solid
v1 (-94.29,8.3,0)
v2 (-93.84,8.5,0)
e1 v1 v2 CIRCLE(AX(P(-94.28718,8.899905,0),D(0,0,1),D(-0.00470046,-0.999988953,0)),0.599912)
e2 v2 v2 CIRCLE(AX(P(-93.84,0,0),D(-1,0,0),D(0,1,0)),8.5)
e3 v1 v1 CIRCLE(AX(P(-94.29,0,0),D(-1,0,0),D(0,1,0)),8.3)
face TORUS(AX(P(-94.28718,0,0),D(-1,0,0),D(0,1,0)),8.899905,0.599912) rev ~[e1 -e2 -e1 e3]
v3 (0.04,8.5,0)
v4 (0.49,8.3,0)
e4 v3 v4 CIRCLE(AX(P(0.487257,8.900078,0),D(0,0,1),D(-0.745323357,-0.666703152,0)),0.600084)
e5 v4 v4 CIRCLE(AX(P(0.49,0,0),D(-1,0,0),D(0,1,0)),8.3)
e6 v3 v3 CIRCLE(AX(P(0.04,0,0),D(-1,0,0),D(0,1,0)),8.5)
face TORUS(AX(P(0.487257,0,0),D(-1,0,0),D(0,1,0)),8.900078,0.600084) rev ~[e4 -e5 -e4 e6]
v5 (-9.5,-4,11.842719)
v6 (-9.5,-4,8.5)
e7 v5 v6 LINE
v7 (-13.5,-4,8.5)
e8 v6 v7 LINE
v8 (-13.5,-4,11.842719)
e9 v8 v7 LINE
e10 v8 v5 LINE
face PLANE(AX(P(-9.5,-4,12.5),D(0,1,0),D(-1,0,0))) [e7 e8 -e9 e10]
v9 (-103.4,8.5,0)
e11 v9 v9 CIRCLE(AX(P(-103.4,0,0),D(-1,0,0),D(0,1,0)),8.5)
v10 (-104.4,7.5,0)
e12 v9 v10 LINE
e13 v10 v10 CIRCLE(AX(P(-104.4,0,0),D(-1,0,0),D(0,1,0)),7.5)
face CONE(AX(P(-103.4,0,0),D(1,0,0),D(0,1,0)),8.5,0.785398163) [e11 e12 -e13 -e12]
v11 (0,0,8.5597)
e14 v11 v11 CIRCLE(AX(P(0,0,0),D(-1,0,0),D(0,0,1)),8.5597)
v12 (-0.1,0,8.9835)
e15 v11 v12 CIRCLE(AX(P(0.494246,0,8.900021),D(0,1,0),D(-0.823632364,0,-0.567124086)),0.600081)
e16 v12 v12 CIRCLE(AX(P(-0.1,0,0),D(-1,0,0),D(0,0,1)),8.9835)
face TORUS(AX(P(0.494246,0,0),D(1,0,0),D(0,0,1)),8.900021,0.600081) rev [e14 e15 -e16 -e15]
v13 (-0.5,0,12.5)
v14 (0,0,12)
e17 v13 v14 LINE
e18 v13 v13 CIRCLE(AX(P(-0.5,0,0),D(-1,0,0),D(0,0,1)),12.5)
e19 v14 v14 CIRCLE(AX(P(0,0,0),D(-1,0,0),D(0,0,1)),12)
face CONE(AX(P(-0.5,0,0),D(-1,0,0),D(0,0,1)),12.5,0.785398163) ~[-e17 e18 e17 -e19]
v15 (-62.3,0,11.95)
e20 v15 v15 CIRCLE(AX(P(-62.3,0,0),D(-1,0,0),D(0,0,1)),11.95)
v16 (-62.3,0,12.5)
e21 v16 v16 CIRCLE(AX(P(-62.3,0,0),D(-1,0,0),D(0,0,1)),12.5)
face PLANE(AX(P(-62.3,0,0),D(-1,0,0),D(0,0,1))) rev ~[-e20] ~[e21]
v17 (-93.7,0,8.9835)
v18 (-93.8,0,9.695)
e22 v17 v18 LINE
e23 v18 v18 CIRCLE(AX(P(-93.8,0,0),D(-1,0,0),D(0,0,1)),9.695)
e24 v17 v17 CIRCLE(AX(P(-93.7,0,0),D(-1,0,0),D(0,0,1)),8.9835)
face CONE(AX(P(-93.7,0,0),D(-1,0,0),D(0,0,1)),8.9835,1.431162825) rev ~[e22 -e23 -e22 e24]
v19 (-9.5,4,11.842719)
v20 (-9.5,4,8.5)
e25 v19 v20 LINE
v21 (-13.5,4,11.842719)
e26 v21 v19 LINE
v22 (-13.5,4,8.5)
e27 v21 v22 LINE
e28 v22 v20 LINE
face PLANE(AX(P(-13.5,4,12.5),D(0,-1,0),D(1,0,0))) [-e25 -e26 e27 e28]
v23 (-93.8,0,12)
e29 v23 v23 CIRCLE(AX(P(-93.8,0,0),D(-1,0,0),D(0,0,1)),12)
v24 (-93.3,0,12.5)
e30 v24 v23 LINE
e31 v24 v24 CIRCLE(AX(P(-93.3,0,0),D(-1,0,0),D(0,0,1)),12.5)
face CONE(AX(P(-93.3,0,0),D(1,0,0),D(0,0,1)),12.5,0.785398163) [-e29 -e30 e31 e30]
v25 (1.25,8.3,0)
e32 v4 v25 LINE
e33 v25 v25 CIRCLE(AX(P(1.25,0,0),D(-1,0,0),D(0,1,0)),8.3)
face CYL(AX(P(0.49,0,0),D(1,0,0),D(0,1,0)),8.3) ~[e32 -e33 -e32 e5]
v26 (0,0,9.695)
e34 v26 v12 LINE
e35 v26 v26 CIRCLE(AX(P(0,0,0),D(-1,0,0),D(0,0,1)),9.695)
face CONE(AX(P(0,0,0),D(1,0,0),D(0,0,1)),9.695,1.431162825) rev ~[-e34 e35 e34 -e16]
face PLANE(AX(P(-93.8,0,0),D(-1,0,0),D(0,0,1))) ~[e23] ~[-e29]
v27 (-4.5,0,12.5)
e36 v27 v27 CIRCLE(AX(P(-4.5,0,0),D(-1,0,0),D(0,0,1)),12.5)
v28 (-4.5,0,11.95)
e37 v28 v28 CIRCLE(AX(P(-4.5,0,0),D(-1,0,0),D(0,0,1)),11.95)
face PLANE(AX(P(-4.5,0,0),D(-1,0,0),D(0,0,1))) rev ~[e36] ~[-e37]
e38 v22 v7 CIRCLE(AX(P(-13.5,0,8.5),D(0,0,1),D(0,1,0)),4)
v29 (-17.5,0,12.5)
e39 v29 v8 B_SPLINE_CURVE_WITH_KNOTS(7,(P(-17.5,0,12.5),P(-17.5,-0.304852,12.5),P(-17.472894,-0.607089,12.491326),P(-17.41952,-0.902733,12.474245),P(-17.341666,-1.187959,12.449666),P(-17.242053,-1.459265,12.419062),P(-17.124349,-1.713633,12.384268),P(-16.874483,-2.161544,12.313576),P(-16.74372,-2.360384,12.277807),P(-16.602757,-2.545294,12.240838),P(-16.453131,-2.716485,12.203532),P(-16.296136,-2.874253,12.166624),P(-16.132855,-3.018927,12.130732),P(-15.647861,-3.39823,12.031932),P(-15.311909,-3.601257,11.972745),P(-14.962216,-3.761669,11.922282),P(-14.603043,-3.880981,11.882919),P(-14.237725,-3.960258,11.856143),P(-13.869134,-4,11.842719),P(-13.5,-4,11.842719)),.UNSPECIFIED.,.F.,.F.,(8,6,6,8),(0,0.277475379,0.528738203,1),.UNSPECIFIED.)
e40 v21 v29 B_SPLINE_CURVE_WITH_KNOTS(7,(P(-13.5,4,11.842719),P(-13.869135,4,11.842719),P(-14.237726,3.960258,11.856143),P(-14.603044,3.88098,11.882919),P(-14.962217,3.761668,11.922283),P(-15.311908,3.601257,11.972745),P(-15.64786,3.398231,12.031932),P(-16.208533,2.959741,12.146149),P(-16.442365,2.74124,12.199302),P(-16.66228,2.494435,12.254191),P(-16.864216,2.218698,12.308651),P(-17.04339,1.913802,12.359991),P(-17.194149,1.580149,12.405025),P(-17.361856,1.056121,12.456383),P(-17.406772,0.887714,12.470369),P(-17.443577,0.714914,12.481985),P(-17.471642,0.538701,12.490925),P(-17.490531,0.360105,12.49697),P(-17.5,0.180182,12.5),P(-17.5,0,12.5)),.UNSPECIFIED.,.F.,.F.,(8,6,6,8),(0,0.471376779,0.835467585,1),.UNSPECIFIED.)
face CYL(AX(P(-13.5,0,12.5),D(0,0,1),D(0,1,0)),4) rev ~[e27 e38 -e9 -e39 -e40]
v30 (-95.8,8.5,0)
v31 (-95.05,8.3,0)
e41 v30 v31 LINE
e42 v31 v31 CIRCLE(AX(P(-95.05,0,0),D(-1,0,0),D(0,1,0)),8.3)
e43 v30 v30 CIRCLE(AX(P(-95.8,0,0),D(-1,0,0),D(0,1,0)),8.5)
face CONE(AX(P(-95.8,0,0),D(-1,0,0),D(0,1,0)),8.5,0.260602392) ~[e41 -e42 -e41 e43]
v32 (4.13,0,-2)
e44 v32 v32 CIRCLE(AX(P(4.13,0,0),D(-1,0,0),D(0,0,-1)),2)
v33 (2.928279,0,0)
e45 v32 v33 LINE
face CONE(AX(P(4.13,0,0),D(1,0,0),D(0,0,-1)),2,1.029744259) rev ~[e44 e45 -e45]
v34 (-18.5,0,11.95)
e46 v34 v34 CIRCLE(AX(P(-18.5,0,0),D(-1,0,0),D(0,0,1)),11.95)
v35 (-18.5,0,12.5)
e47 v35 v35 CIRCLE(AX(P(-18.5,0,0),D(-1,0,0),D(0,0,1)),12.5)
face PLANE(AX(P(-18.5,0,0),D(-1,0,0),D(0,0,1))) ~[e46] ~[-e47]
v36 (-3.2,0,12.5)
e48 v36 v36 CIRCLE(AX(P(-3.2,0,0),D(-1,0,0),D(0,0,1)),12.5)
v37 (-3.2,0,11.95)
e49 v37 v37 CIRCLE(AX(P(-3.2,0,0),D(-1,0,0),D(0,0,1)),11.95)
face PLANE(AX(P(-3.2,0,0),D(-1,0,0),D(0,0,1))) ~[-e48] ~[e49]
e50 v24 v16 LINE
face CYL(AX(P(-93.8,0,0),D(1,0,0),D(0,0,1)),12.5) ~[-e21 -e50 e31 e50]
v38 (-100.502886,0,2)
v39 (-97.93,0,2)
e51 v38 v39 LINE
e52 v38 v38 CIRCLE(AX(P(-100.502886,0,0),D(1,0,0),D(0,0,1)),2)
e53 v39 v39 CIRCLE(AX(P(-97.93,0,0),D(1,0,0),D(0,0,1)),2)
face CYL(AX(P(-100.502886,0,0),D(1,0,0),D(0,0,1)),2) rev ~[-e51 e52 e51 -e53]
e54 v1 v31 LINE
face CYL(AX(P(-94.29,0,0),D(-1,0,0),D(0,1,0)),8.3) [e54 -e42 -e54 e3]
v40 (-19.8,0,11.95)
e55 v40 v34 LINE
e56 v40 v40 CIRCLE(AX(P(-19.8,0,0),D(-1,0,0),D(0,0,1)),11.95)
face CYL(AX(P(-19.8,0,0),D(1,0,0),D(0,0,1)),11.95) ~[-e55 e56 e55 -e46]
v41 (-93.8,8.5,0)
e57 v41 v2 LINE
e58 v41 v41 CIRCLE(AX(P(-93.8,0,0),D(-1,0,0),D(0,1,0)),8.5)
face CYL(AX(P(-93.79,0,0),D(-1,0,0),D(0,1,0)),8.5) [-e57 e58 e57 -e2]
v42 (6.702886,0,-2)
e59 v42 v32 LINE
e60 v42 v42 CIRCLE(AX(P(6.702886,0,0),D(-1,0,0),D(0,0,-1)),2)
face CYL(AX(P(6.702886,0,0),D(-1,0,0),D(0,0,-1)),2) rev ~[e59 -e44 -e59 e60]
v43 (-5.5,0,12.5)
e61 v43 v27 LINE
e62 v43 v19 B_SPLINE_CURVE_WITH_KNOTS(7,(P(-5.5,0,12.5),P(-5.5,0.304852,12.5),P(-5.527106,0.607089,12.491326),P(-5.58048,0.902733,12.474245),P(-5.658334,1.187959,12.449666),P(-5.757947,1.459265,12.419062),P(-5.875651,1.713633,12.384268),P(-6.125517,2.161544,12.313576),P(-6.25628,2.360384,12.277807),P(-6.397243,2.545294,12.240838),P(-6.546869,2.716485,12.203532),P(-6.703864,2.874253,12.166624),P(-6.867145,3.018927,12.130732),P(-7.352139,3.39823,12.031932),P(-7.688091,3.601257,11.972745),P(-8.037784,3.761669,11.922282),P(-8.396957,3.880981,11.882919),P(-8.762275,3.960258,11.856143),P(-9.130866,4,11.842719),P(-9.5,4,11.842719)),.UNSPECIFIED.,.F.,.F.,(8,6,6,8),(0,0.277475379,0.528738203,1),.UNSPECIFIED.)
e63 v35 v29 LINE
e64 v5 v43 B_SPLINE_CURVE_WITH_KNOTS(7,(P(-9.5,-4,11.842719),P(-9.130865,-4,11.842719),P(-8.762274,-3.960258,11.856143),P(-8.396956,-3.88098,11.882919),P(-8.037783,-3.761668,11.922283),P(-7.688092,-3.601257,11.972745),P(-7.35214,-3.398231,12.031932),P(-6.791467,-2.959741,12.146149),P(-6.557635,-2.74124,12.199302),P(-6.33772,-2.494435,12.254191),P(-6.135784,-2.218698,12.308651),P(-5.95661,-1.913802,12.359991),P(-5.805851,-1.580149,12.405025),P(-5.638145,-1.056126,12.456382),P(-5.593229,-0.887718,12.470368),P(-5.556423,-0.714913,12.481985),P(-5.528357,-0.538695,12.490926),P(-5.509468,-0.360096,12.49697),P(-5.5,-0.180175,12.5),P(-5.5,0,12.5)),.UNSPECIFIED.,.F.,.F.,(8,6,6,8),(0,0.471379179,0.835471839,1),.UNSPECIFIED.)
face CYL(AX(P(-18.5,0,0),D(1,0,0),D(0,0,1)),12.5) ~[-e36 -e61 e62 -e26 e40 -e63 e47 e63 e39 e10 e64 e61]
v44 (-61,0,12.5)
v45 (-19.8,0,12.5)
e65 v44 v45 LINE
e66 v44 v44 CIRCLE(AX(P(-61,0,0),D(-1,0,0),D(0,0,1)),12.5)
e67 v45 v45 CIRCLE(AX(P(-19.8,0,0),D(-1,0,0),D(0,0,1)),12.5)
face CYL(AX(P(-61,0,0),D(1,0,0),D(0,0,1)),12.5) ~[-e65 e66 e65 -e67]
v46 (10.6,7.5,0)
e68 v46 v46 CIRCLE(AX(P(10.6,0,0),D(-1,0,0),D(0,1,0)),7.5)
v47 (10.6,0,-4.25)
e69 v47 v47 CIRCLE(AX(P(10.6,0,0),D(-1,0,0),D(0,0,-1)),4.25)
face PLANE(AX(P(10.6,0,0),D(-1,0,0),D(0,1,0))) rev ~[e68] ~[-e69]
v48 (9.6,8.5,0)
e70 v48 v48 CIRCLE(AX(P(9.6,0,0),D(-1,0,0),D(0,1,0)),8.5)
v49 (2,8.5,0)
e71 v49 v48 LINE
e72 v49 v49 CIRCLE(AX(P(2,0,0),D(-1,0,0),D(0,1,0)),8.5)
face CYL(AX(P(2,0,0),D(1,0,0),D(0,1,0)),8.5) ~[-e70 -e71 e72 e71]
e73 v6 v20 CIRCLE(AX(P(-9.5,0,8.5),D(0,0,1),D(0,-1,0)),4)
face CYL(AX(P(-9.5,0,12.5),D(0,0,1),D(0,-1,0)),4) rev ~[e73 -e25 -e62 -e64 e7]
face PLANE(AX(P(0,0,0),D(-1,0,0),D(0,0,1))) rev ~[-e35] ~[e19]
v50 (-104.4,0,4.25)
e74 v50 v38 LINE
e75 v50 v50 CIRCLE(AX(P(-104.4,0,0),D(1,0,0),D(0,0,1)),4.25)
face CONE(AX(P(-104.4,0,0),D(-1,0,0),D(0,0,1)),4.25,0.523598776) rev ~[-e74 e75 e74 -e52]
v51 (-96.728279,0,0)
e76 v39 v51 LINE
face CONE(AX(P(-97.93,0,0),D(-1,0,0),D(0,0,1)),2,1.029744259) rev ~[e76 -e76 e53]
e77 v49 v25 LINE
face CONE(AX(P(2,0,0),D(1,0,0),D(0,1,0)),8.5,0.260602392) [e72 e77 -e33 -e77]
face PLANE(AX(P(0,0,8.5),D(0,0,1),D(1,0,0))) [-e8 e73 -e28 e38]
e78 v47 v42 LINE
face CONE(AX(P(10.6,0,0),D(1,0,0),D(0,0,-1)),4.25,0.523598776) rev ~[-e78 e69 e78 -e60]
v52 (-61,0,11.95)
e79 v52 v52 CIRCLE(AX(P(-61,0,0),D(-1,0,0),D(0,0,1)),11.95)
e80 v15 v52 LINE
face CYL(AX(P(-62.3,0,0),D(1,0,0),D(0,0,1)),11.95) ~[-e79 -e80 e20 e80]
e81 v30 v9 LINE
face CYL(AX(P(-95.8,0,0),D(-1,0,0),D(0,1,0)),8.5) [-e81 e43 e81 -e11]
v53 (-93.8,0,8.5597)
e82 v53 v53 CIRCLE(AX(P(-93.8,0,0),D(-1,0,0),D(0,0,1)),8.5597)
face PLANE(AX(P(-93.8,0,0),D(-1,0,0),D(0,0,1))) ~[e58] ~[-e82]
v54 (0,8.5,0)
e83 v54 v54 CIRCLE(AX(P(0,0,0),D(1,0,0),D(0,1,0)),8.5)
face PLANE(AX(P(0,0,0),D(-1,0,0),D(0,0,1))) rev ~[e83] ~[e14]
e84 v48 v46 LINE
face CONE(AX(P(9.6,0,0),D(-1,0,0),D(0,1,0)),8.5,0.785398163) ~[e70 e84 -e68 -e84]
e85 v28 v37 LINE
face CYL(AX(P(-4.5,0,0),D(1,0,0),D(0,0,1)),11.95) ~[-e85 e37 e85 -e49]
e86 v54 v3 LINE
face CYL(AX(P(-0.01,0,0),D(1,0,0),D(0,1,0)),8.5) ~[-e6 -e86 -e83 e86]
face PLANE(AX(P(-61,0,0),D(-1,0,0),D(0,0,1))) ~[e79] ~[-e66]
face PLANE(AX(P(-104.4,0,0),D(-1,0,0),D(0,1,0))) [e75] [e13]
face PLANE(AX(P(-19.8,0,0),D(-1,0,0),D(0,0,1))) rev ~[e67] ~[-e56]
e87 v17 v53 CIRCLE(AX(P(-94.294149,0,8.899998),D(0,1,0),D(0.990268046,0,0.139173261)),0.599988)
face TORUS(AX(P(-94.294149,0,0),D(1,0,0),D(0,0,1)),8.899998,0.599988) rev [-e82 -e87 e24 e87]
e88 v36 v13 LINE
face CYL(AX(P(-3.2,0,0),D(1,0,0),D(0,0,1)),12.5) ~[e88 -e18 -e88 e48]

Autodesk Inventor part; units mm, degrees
ref_plane "YZ Plane" through (0, 0, 0) normal (1, 0, 0) x (0, 1, 0)
ref_plane "XZ Plane" through (0, 0, 0) normal (0, 1, 0) x (-1, 0, 0)
sketch "Sketch1" plane through (0, 0, 0) normal (0, 1, 0) x (-1, 0, 0)
  line L0 (0, 0) -> (93.8, 0)
  line L1 (0, 9.695) -> (0.1, 8.9835)
  line L2 (0, 12.5) -> (0, 9.695)
  line L3 (3.2, 12.5) -> (0, 12.5)
  line L4 (3.2, 11.95) -> (3.2, 12.5)
  line L5 (4.5, 11.95) -> (3.2, 11.95)
  line L6 (4.5, 12.5) -> (4.5, 11.95)
  line L7 (18.5, 12.5) -> (4.5, 12.5)
  line L8 (18.5, 11.95) -> (18.5, 12.5)
  line L9 (19.8, 11.95) -> (18.5, 11.95)
  line L10 (19.8, 12.5) -> (19.8, 11.95)
  line L11 (61, 12.5) -> (19.8, 12.5)
  line L12 (61, 11.95) -> (61, 12.5)
  line L13 (62.3, 11.95) -> (61, 11.95)
  line L14 (62.3, 12.5) -> (62.3, 11.95)
  line L15 (93.8, 12.5) -> (62.3, 12.5)
  line L16 (93.8, 9.695) -> (93.8, 12.5)
  line L17 (93.7, 8.9835) -> (93.8, 9.695)
  line L18 (93.8, 0) -> (93.8, 8.5597)
  line L19 (0, 0) -> (93.8, 0)
  line L20 (0, 8.5597) -> (0, 0)
  arc A0 (0, 8.5597) -> (0.1, 8.9835) centre (-0.4942, 8.9) ccw
  arc A1 (93.7, 8.9835) -> (93.8, 8.5597) centre (94.2942, 8.9) ccw
  dimension "d0" = 0
  dimension "d1" = 12.5
  dimension "d2" = 8.5597
  dimension "d3" = 2.805
  dimension "d4" = 0.7185
  dimension "d5" = 0.6
  dimension "d6" = 3.2
  dimension "d7" = 0.55
  dimension "d8" = 1.3
  dimension "d9" = 0.55
  dimension "d10" = 14
  dimension "d11" = 0.55
  dimension "d12" = 1.3
  dimension "d13" = 0.55
  dimension "d14" = 41.2
  dimension "d15" = 0.55
  dimension "d16" = 1.3
  dimension "d17" = 0.55
  dimension "d18" = 31.5
  dimension "d19" = 2.805
  dimension "d20" = 0.7115
  dimension "d21" = 0.6
  dimension "d22" = 8.5597
  dimension "d23" = 93.8
  dimension "d24" = 90
  dimension "d25" = 90
  dimension "d26" = 90
  dimension "d27" = 90
  dimension "d28" = 90
  dimension "d29" = 90
  dimension "d30" = 90
  dimension "d31" = 90
  dimension "d32" = 90
  dimension "d33" = 90
revolve "Revolution1" add sketch "Sketch1" angle 360 about axis through (0, 0, 0) along (-1, 0, 0)
sketch "Sketch2" plane through (0, 0, 0) normal (0, 0, 1) x (1, 0, 0)
  line L0 (0, 0) -> (-0.1, 8.4994)
  line L1 (0, 0) -> (-0.01, 8.5)
  line L2 (-0.01, 8.5) -> (0.04, 8.5)
  line L3 (0.04, 8.5) -> (0.04, 8.3) construction
  line L4 (0.04, 8.3) -> (0.49, 8.3) construction
  arc A0 (0.04, 8.5) -> (0.49, 8.3) centre (0.4872, 8.9) ccw
  line L5 (0.49, 8.3) -> (1.25, 8.3)
  line L6 (1.25, 8.3) -> (2, 8.3) construction
  line L7 (2, 8.3) -> (2, 8.5) construction
  line L8 (2, 8.5) -> (10.6, 8.5)
  line L9 (10.6, 8.5) -> (10.6, 0)
  line L10 (10.6, 0) -> (0, 0)
  line L11 (-19.8, 12.5) -> (-61, 12.5) projected
  line L12 (-40.4, 12.5) -> (-40.4, -12.5)
  line L13 (-19.8, -12.5) -> (-61, -12.5) projected
  line L14 (-46.9, 25.3625) -> (-46.9, -42.5251)
  line L15 (-93.8, 12.5) -> (-93.8, -12.5) projected
  line L16 (2, 8.5) -> (1.25, 8.3)
  line L17 (-93.8, 0) -> (-93.79, 8.5)
  line L18 (-93.79, 8.5) -> (-93.84, 8.5)
  line L19 (-93.84, 8.5) -> (-93.84, 8.3) construction
  line L20 (-93.84, 8.3) -> (-94.29, 8.3) construction
  arc A1 (-94.29, 8.3) -> (-93.84, 8.5) centre (-94.2872, 8.9) ccw
  line L21 (-94.29, 8.3) -> (-95.05, 8.3)
  line L22 (-95.05, 8.3) -> (-95.8, 8.3) construction
  line L23 (-95.8, 8.3) -> (-95.8, 8.5) construction
  line L24 (-95.8, 8.5) -> (-104.4, 8.5)
  line L25 (-104.4, 8.5) -> (-104.4, 0)
  line L26 (-104.4, 0) -> (-93.8, 0)
  line L27 (-95.8, 8.5) -> (-95.05, 8.3)
  dimension "d35" = 8.5
  dimension "d36" = 8.5
  dimension "d37" = 0.05
  dimension "d38" = 0.2
  dimension "d39" = 0.45
  dimension "d40" = 0.6
  dimension "d41" = 0.76
  dimension "d42" = 0.75
  dimension "d43" = 0.2
  dimension "d44" = 8.6
  dimension "d45" = 90
  dimension "d60" = 10.6
  dimension "d61" = 0
revolve "Revolution2" add sketch "Sketch2" angle 360 about axis through (10.6, 0, 0) along (-1, 0, 0) contours L1 L2 A0 L5 L16 L8 L9 L10 | L18 L17 L15 | L15 L26 L25 L24 L27 L21 A1 L18
chamfer "Chamfer1" distance 1 angle 45 1 edges at (10.6, -8.5, 0) measured on face at (4.8667, 8.4724, 0.684)
chamfer "Chamfer2" distance 1 angle 45 1 edges at (-104.4, -8.5, 0) measured on face at (-98.6667, 8.4724, 0.684)
chamfer "Chamfer3" distance 0.5 angle 45 1 edges at (0, 0, -12.5) measured on face at (-2.1333, -2.0051, 12.3381)
chamfer "Chamfer4" distance 0.5 angle 45 1 edges at (-93.8, 0, -12.5) measured on face at (-83.3, -1.0058, 12.4595)
sketch "Sketch3" plane through (0, 0, 0) normal (0, 0, 1) x (1, 0, 0)
  point P0 (0, 0)
ref_plane "Work Plane1" through (0, 0, 12.5) normal (0, 0, 1) x (1, 0, 0)
sketch "Sketch4" plane through (0, 0, 12.5) normal (0, 0, 1) x (1, 0, 0)
  line L0 (-13.5, 0) -> (-9.5, 0) construction
  line L1 (-13.5, 4) -> (-9.5, 4)
  line L2 (-9.5, -4) -> (-13.5, -4)
  arc A0 (-13.5, 4) -> (-13.5, -4) centre (-13.5, 0) ccw
  arc A1 (-9.5, -4) -> (-9.5, 4) centre (-9.5, 0) ccw
  line L3 (10.6, 7.5) -> (10.6, -7.5) projected
  point P0 (0, 0)
  point P1 (-11.5, 0)
  point P2 (-5.5, 0)
  point P3 (-17.5, 0)
  dimension "d63" = 12
  dimension "d64" = 8
  dimension "d65" = 16.1
  dimension "d66" = 0
extrude "Extrusion1" cut sketch "Sketch4" against normal blind 4
sketch "Sketch5" plane through (10.6, 0, 0) normal (1, 0, 0) x (0, 0, -1)
  point P0 (0, 0)
hole "Hole1" at (10.6, 0, 0) direction (-1, 0, 0) diameter 4 depth 6.47 tip angle 118 countersink diameter 8.5 countersink angle 60
sketch "Sketch6" plane through (-104.4, 0, 0) normal (-1, 0, 0) x (0, 0, 1)
  point P0 (0, 0)
hole "Hole2" at (-104.4, 0, 0) direction (1, 0, 0) diameter 4 depth 6.47 tip angle 118 countersink diameter 8.5 countersink angle 60
properties part number "26-10-204"
